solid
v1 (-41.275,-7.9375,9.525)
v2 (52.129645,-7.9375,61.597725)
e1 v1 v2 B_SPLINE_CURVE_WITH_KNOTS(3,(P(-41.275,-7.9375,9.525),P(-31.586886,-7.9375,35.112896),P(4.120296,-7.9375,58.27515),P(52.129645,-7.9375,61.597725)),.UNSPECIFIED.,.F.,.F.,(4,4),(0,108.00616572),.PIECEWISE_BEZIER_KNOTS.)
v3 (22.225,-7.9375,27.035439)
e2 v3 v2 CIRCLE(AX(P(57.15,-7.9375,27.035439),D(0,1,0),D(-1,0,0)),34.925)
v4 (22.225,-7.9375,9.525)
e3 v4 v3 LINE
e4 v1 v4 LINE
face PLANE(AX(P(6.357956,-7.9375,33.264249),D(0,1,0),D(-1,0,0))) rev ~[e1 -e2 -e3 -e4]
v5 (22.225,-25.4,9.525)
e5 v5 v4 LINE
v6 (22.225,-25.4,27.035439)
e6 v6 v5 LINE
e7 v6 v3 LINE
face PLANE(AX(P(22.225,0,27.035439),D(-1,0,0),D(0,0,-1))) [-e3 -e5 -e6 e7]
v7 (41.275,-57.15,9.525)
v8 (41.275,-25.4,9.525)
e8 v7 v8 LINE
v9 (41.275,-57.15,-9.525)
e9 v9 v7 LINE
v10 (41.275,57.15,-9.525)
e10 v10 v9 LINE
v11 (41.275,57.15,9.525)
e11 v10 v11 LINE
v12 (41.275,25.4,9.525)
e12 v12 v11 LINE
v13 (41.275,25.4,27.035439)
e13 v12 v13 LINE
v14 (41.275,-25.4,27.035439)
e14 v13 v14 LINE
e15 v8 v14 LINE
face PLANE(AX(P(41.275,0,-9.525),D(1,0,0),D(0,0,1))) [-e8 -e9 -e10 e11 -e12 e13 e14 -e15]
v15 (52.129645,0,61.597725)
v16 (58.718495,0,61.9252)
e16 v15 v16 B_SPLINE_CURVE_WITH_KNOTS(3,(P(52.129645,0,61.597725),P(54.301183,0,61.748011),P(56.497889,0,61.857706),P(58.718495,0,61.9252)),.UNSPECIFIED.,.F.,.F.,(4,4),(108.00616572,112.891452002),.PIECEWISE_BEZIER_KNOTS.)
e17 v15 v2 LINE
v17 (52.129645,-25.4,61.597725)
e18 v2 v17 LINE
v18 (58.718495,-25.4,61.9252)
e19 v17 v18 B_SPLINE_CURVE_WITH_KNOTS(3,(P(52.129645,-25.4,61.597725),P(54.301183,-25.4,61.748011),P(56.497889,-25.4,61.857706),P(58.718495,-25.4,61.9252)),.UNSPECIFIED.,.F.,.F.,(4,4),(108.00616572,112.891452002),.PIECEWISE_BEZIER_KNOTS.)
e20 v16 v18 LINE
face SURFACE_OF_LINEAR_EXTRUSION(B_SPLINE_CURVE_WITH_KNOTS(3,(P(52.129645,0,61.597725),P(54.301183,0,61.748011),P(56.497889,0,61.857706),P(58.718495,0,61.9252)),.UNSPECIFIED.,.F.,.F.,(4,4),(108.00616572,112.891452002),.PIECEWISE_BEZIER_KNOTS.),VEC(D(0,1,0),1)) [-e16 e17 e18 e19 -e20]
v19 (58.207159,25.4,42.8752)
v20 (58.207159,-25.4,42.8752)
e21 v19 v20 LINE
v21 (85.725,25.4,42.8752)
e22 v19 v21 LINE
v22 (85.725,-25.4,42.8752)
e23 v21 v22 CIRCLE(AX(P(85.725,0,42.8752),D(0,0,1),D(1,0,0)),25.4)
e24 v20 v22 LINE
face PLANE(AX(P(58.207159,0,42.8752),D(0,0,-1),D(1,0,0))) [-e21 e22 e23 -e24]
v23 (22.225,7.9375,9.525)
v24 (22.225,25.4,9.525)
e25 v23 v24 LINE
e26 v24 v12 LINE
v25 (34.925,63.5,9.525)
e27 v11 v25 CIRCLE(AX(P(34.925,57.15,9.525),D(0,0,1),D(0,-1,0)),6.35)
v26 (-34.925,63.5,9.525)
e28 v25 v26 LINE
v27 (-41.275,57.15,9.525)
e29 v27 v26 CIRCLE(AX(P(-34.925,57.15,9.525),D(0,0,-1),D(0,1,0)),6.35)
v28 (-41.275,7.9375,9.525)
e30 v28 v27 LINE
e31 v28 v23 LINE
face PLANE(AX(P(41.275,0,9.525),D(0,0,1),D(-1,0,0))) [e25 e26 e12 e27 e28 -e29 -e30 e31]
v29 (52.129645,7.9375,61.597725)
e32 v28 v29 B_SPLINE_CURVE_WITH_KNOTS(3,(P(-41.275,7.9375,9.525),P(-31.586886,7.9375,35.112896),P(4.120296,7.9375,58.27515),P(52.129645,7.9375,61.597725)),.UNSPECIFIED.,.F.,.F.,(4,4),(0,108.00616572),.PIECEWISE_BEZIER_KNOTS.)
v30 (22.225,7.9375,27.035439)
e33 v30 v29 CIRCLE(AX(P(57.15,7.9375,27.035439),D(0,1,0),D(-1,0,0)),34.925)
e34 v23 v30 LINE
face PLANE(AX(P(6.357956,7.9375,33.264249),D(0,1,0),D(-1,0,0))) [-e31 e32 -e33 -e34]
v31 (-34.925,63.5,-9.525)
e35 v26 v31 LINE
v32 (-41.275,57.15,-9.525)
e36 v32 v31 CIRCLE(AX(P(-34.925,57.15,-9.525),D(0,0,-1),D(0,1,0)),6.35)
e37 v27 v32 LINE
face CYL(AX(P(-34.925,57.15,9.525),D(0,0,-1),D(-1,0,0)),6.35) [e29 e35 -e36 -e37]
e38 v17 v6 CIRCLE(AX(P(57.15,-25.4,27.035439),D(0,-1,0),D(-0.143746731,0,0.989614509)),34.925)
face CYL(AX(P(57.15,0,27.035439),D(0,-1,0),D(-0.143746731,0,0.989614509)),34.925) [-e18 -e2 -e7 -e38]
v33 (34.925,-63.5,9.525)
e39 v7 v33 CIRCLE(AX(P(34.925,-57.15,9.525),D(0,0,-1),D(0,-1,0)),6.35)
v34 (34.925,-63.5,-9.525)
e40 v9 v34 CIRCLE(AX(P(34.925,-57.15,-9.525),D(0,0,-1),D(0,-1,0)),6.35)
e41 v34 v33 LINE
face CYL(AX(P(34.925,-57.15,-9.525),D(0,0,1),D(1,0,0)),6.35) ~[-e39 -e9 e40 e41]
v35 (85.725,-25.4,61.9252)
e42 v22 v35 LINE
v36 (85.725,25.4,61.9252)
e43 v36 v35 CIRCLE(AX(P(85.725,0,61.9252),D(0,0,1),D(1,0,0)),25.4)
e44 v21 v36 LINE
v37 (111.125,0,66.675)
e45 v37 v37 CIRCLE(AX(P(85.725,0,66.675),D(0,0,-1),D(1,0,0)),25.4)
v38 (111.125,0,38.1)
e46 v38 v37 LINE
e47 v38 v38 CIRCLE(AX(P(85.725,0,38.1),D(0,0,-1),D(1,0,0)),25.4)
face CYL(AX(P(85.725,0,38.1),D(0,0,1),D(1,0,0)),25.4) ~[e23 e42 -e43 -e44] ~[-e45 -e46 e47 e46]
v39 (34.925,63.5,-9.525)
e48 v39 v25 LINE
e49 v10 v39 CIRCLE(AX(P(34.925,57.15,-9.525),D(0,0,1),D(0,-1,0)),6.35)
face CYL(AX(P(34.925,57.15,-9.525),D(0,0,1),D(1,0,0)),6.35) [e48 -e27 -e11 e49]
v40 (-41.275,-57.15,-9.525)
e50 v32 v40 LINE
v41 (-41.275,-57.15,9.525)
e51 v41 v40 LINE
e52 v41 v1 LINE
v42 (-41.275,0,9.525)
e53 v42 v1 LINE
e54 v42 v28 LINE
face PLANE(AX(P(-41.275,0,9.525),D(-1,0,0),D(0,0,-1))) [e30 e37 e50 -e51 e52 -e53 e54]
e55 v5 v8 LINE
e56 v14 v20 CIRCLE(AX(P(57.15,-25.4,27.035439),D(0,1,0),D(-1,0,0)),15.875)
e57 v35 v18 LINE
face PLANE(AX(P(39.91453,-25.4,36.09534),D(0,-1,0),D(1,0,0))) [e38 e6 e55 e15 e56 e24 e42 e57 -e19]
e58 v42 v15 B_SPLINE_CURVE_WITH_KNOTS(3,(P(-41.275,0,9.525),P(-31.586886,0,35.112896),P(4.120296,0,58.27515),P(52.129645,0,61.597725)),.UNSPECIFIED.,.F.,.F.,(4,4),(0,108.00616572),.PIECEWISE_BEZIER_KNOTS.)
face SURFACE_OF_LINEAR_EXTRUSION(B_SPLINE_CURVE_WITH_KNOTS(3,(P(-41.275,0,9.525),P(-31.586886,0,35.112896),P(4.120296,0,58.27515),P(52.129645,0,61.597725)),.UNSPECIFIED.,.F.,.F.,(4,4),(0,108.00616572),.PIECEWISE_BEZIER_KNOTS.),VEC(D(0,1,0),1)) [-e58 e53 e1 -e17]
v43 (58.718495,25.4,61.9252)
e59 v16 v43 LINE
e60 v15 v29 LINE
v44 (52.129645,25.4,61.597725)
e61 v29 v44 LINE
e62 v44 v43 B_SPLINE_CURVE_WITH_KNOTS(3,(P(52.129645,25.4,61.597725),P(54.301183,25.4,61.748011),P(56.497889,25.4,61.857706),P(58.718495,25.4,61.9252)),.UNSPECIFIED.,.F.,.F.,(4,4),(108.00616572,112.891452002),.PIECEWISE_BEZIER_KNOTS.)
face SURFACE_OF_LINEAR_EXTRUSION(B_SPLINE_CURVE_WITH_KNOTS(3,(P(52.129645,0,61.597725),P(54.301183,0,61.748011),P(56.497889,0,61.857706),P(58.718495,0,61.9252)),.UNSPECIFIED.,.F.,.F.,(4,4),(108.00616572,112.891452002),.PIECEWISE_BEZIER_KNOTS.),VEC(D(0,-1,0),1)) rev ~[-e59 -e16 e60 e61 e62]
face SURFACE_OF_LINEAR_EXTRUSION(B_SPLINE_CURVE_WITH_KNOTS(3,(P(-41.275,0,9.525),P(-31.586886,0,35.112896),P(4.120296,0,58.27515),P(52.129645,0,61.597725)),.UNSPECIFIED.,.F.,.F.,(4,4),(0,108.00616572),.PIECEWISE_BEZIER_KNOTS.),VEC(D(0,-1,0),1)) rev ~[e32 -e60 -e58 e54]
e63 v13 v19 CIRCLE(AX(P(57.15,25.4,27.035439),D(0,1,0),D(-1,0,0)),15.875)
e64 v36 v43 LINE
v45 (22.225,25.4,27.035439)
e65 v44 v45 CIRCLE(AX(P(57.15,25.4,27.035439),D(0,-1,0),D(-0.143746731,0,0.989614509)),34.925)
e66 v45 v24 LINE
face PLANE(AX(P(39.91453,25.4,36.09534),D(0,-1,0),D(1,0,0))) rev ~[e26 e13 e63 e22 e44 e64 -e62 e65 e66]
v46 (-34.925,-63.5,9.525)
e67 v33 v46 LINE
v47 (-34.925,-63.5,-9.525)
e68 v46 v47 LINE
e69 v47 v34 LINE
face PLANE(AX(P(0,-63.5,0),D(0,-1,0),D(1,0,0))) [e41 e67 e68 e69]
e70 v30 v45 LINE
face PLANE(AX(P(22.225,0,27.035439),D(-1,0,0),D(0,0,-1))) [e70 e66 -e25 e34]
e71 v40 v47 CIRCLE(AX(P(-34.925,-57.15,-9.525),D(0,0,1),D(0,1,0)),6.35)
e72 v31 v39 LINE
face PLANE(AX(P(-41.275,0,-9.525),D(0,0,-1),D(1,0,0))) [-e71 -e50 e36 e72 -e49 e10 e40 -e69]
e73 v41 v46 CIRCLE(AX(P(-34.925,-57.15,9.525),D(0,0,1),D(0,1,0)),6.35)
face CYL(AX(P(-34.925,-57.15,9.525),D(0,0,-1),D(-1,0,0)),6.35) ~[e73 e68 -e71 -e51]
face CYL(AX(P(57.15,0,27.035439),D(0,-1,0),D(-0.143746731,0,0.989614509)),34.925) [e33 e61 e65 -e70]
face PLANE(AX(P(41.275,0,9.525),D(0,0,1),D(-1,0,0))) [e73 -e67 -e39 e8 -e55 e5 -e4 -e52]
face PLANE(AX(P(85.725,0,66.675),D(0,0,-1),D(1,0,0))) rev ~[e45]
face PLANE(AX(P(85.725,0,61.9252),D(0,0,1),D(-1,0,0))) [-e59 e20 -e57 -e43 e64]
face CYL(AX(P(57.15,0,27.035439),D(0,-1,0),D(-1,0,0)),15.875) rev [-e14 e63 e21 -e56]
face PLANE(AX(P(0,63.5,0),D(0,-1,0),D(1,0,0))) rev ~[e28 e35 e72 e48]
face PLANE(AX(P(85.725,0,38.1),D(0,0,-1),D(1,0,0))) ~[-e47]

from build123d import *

# Parameters (mm, degrees)
F1_DEPTH = 63.5
F2_DEPTH = 25.4
F3_DEPTH = 7.9375
F5_R     = 6.35


with BuildPart() as f1:
    # F0 (on Front) → F1 (new body, symmetric)
    with BuildSketch(Plane.XZ):
        Polygon((-41.275, 9.525), (-41.275, -9.525), (41.275, -9.525), (41.275, 9.525), (22.225, 9.525), align=None)
    extrude(amount=F1_DEPTH, both=True)

    # F0 (on Front) → F2 (join, symmetric)
    with BuildSketch(Plane.XZ):
        with BuildLine():
            Line((22.225, 9.525), (41.275, 9.525))
            Line((41.275, 9.525), (41.275, 27.0354386152))
            ThreePointArc((41.275, 27.0354386152), (46.3048805337, 38.6284972609), (58.2071585843, 42.8752))
            Line((58.2071585843, 42.8752), (60.325, 42.8752))
            Line((60.325, 42.8752), (60.325, 61.9252))
            Line((60.325, 61.9252), (58.718494664, 61.9252))
            add(Edge.make_bspline(
                [(52.1296454234, 61.5977253585), (54.3011827008, 61.7480105937), (56.4978888968, 61.8577059663), (58.718494664, 61.9252)],
                knots=[108.0061657204, 108.0061657204, 108.0061657204, 108.0061657204, 112.8914520022, 112.8914520022, 112.8914520022, 112.8914520022], degree=3))
            ThreePointArc((52.1296454234, 61.5977253585), (30.7389084986, 49.8873503669), (22.225, 27.0354386152))
            Line((22.225, 27.0354386152), (22.225, 9.525))
        make_face()
        Polygon((85.725, 61.9252), (60.325, 61.9252), (60.325, 42.8752), (85.725, 42.8752), (85.725, 52.3875), align=None)
    extrude(amount=F2_DEPTH, both=True)

    # F0 (on Front) → F3 (join, symmetric)
    with BuildSketch(Plane.XZ):
        with BuildLine():
            add(Edge.make_bspline(
                [(-41.275, 9.525), (-31.5868860998, 35.1128955364), (4.1202962213, 58.2751499583), (52.1296454234, 61.5977253585)],
                knots=[0, 0, 0, 0, 108.0061657204, 108.0061657204, 108.0061657204, 108.0061657204], degree=3))
            Line((-41.275, 9.525), (22.225, 9.525))
            Line((22.225, 9.525), (22.225, 27.0354386152))
            ThreePointArc((22.225, 27.0354386152), (30.7389084986, 49.8873503669), (52.1296454234, 61.5977253585))
        make_face()
    extrude(amount=F3_DEPTH, both=True)

    # F0 (on Front) → F4 (revolve)
    with BuildSketch(Plane.XZ):
        Polygon((85.725, 66.675), (85.725, 61.9252), (85.725, 52.3875), (85.725, 42.8752), (85.725, 38.1), (111.125, 38.1), (111.125, 66.675), align=None)
    revolve(axis=Axis((85.725, 0, 52.3875), (0, 0, -1)))

    # F5
    f5_edges = [f1.edges().sort_by_distance(p)[0] for p in [
        (-41.275, -63.5, 0),
        (41.275, -63.5, 0),
        (41.275, 63.5, 0),
        (-41.275, 63.5, 0),
    ]]
    fillet(f5_edges, radius=F5_R)


solid = f1.part
